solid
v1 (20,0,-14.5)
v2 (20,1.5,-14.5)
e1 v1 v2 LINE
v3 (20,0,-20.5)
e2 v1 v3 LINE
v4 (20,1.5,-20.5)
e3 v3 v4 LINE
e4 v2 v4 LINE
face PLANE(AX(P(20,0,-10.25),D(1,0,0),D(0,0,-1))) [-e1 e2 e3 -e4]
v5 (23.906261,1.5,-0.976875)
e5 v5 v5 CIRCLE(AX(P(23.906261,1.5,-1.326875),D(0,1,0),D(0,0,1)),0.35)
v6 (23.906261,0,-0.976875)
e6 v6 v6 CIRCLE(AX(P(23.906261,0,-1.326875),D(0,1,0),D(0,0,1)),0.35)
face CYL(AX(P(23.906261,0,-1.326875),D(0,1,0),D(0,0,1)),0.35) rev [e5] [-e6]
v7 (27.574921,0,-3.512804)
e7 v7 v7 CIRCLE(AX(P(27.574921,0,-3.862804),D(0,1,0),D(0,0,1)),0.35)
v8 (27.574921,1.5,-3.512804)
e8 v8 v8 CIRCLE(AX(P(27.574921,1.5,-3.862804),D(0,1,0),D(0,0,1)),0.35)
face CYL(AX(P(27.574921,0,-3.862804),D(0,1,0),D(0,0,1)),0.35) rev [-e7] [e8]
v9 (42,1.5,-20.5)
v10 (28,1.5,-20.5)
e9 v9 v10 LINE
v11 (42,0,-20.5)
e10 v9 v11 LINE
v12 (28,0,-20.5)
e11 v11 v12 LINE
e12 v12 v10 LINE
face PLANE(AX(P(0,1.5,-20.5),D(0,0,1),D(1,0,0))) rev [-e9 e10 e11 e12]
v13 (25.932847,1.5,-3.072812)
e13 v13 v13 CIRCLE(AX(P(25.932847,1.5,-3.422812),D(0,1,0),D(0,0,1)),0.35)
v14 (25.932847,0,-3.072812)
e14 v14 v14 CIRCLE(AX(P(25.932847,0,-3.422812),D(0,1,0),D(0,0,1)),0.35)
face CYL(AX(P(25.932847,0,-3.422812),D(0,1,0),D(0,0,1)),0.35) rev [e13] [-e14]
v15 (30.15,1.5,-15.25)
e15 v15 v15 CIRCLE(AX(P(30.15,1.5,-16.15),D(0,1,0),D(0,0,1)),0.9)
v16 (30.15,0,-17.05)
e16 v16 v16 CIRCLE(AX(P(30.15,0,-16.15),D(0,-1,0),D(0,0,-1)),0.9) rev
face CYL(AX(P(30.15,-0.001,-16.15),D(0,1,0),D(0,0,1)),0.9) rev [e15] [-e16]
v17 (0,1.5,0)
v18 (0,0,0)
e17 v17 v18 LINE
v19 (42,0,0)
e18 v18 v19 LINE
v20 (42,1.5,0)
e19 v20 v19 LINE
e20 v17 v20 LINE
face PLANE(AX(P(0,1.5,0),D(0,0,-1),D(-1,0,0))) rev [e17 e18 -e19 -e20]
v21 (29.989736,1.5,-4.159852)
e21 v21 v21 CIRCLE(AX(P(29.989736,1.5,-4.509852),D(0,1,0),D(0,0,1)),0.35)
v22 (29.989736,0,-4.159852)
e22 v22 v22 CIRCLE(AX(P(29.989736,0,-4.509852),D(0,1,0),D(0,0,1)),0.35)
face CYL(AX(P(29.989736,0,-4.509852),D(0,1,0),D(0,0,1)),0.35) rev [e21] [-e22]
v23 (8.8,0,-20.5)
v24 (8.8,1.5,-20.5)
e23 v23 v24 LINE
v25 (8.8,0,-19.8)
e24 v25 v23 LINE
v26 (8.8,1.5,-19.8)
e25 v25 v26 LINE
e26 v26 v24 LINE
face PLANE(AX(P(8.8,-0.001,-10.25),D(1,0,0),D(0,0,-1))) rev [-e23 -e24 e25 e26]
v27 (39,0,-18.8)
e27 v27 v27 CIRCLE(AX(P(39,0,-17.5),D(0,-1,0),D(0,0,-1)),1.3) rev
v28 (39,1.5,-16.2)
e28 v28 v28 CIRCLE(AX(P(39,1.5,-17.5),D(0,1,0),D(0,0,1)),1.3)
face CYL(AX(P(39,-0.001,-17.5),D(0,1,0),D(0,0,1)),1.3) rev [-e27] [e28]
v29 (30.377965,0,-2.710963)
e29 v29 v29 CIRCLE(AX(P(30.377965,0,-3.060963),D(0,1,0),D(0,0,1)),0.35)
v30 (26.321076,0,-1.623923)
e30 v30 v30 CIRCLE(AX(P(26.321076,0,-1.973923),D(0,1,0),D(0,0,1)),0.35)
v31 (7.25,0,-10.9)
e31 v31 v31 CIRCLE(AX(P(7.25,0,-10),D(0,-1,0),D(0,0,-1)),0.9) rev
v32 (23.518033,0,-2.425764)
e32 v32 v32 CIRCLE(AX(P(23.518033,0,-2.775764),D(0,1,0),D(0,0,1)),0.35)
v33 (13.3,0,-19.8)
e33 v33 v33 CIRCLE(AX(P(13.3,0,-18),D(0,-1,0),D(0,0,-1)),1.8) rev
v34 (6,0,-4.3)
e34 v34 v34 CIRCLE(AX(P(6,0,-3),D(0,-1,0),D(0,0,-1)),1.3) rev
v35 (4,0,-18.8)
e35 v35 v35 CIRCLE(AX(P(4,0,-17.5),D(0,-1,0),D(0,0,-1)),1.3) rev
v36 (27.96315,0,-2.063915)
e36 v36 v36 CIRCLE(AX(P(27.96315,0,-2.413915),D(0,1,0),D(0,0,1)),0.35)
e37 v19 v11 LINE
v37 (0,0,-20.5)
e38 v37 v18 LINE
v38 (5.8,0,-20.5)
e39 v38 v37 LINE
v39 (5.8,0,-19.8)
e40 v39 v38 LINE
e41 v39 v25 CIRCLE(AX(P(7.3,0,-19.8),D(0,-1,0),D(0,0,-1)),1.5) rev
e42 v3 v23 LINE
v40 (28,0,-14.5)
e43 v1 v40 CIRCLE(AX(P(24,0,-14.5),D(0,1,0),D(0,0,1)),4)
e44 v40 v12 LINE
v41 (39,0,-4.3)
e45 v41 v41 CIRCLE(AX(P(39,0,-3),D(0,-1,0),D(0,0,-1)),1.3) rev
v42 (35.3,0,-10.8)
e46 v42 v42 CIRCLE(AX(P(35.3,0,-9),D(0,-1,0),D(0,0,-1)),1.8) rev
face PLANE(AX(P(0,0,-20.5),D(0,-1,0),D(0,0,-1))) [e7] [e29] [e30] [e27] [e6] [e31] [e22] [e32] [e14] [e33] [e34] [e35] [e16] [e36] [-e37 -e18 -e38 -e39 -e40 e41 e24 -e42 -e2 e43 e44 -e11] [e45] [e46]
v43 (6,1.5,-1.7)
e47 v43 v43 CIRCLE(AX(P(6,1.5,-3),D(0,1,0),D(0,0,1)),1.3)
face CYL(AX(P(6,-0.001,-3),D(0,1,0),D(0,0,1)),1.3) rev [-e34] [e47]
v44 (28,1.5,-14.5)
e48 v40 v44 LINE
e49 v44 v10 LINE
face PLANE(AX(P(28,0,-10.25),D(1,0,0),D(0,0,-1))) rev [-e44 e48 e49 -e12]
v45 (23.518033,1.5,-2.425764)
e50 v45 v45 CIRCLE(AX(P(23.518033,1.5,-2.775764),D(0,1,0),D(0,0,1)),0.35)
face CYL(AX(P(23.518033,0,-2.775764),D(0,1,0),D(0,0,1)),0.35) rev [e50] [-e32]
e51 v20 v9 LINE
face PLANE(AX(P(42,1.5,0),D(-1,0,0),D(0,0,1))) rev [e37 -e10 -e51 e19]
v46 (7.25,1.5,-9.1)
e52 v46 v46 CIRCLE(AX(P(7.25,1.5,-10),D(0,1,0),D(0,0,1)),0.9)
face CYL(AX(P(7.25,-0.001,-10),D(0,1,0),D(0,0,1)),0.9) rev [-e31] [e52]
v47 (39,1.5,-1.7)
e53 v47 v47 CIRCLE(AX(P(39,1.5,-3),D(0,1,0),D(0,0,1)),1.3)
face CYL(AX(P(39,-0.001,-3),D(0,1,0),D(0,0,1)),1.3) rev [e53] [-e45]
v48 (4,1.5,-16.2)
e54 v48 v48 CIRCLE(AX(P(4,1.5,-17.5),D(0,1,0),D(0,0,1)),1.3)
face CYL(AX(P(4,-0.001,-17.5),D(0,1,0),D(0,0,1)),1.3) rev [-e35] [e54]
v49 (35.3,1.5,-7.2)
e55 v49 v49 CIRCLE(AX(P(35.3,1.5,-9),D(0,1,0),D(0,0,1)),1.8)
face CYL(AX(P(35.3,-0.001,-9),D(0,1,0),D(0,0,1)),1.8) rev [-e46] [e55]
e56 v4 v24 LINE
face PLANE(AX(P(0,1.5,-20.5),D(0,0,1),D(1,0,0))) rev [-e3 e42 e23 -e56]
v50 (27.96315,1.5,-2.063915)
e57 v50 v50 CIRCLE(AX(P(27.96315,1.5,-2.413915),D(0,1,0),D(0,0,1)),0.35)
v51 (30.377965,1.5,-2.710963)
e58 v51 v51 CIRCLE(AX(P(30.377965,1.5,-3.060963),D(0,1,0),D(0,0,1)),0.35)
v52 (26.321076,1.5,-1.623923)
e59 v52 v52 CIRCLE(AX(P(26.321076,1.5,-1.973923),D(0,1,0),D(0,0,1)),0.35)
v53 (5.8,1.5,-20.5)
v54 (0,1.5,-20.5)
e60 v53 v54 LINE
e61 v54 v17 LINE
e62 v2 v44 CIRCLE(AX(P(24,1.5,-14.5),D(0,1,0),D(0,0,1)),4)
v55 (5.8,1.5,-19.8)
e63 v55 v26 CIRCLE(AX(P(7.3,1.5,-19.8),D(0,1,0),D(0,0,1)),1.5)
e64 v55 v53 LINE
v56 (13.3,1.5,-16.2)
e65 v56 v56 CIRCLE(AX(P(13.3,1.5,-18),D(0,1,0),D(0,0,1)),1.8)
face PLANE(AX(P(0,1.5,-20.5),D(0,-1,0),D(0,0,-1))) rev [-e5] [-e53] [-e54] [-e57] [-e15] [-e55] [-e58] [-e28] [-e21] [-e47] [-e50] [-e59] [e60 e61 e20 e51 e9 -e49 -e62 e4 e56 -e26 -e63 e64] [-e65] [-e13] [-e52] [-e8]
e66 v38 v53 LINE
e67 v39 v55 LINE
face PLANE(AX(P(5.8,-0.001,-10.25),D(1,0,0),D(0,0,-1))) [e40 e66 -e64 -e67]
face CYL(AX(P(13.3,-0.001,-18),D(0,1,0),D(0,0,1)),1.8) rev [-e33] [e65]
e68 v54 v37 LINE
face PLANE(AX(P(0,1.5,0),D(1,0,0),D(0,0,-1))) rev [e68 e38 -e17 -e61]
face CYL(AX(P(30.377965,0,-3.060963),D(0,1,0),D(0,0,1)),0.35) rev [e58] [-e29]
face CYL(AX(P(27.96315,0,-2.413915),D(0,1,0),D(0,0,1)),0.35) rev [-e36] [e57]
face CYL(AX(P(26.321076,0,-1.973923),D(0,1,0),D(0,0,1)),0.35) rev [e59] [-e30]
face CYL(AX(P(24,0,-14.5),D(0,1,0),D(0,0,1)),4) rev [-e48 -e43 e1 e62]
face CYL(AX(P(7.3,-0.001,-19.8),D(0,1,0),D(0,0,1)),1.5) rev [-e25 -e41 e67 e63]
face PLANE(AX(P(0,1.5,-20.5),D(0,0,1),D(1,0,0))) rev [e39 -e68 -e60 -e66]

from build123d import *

# Parameters (mm, degrees)
SKETCH_1_W          = 42
SKETCH_1_H          = 20.5
EXTRUDE_1_DEPTH     = 1.5
SKETCH_2_R          = 4
CUT_EXTRUDE_1_DEPTH = 2.5
CUT_EXTRUDE_3_REACH = 3.5
SKETCH_4_R          = 0.9
SKETCH_4_R_2        = 1.3
SKETCH_4_R_3        = 1.8
SKETCH_5_R          = 0.35
CUT_EXTRUDE_4_DEPTH = 2.5


with BuildPart() as part:
    # Эскиз1 → Бобышка-Вытянуть1 (new body)
    with BuildSketch(Plane(origin=(0, 0, 0), x_dir=(1, 0, 0), z_dir=(0, 1, 0))):
        with Locations((21, 10.25)):
            Rectangle(SKETCH_1_W, SKETCH_1_H)
    extrude(amount=EXTRUDE_1_DEPTH)

    # Эскиз2 → Вырез-Вытянуть1 (cut, through all)
    with BuildSketch(Plane(origin=(0, 1.5, 0), x_dir=(1, 0, 0), z_dir=(0, 1, 0))):
        with Locations((24, 14.5)):
            Circle(SKETCH_2_R)
        with BuildLine():
            Line((20, 20.5), (20, 14.5))
            ThreePointArc((20, 14.5), (24, 18.5), (28, 14.5))
            Line((28, 14.5), (28, 20.5))
            Line((28, 20.5), (20, 20.5))
        make_face()
    extrude(amount=-CUT_EXTRUDE_1_DEPTH, mode=Mode.SUBTRACT)

    # Эскиз4 → Вырез-Вытянуть3 (cut, up to next)
    with BuildSketch(Plane(origin=(0, 1.5, 0), x_dir=(1, 0, 0), z_dir=(0, 1, 0)), mode=Mode.PRIVATE) as cut_extrude_3_sk1:
        with BuildLine():
            Line((5.8, 20.5), (5.8, 19.8))
            ThreePointArc((5.8, 19.8), (7.3, 18.3), (8.8, 19.8))
            Line((8.8, 19.8), (8.8, 20.5))
            Line((8.8, 20.5), (5.8, 20.5))
        make_face()
    cut_extrude_3_tool1 = extrude(cut_extrude_3_sk1.sketch, amount=-CUT_EXTRUDE_3_REACH, mode=Mode.PRIVATE) & part.part
    add(cut_extrude_3_tool1.solids().sort_by_distance((7.3, 1.5, -19.531111))[0], mode=Mode.SUBTRACT)
    # Эскиз4 → Вырез-Вытянуть3 (cut, up to next)
    with BuildSketch(Plane(origin=(0, 1.5, 0), x_dir=(1, 0, 0), z_dir=(0, 1, 0)), mode=Mode.PRIVATE) as cut_extrude_3_sk2:
        with Locations((7.25, 10)):
            Circle(SKETCH_4_R)
    cut_extrude_3_tool2 = extrude(cut_extrude_3_sk2.sketch, amount=-CUT_EXTRUDE_3_REACH, mode=Mode.PRIVATE) & part.part
    add(cut_extrude_3_tool2.solids().sort_by_distance((7.25, 1.5, -10))[0], mode=Mode.SUBTRACT)
    # Эскиз4 → Вырез-Вытянуть3 (cut, up to next)
    with BuildSketch(Plane(origin=(0, 1.5, 0), x_dir=(1, 0, 0), z_dir=(0, 1, 0)), mode=Mode.PRIVATE) as cut_extrude_3_sk3:
        with Locations((30.15, 16.15)):
            Circle(SKETCH_4_R)
    cut_extrude_3_tool3 = extrude(cut_extrude_3_sk3.sketch, amount=-CUT_EXTRUDE_3_REACH, mode=Mode.PRIVATE) & part.part
    add(cut_extrude_3_tool3.solids().sort_by_distance((30.15, 1.5, -16.15))[0], mode=Mode.SUBTRACT)
    # Эскиз4 → Вырез-Вытянуть3 (cut, up to next)
    with BuildSketch(Plane(origin=(0, 1.5, 0), x_dir=(1, 0, 0), z_dir=(0, 1, 0)), mode=Mode.PRIVATE) as cut_extrude_3_sk4:
        with Locations((39, 3)):
            Circle(SKETCH_4_R_2)
    cut_extrude_3_tool4 = extrude(cut_extrude_3_sk4.sketch, amount=-CUT_EXTRUDE_3_REACH, mode=Mode.PRIVATE) & part.part
    add(cut_extrude_3_tool4.solids().sort_by_distance((39, 1.5, -3))[0], mode=Mode.SUBTRACT)
    # Эскиз4 → Вырез-Вытянуть3 (cut, up to next)
    with BuildSketch(Plane(origin=(0, 1.5, 0), x_dir=(1, 0, 0), z_dir=(0, 1, 0)), mode=Mode.PRIVATE) as cut_extrude_3_sk5:
        with Locations((39, 17.5)):
            Circle(SKETCH_4_R_2)
    cut_extrude_3_tool5 = extrude(cut_extrude_3_sk5.sketch, amount=-CUT_EXTRUDE_3_REACH, mode=Mode.PRIVATE) & part.part
    add(cut_extrude_3_tool5.solids().sort_by_distance((39, 1.5, -17.5))[0], mode=Mode.SUBTRACT)
    # Эскиз4 → Вырез-Вытянуть3 (cut, up to next)
    with BuildSketch(Plane(origin=(0, 1.5, 0), x_dir=(1, 0, 0), z_dir=(0, 1, 0)), mode=Mode.PRIVATE) as cut_extrude_3_sk6:
        with Locations((6, 3)):
            Circle(SKETCH_4_R_2)
    cut_extrude_3_tool6 = extrude(cut_extrude_3_sk6.sketch, amount=-CUT_EXTRUDE_3_REACH, mode=Mode.PRIVATE) & part.part
    add(cut_extrude_3_tool6.solids().sort_by_distance((6, 1.5, -3))[0], mode=Mode.SUBTRACT)
    # Эскиз4 → Вырез-Вытянуть3 (cut, up to next)
    with BuildSketch(Plane(origin=(0, 1.5, 0), x_dir=(1, 0, 0), z_dir=(0, 1, 0)), mode=Mode.PRIVATE) as cut_extrude_3_sk7:
        with Locations((4, 17.5)):
            Circle(SKETCH_4_R_2)
    cut_extrude_3_tool7 = extrude(cut_extrude_3_sk7.sketch, amount=-CUT_EXTRUDE_3_REACH, mode=Mode.PRIVATE) & part.part
    add(cut_extrude_3_tool7.solids().sort_by_distance((4, 1.5, -17.5))[0], mode=Mode.SUBTRACT)
    # Эскиз4 → Вырез-Вытянуть3 (cut, up to next)
    with BuildSketch(Plane(origin=(0, 1.5, 0), x_dir=(1, 0, 0), z_dir=(0, 1, 0)), mode=Mode.PRIVATE) as cut_extrude_3_sk8:
        with Locations((13.3, 18)):
            Circle(SKETCH_4_R_3)
    cut_extrude_3_tool8 = extrude(cut_extrude_3_sk8.sketch, amount=-CUT_EXTRUDE_3_REACH, mode=Mode.PRIVATE) & part.part
    add(cut_extrude_3_tool8.solids().sort_by_distance((13.3, 1.5, -18))[0], mode=Mode.SUBTRACT)
    # Эскиз4 → Вырез-Вытянуть3 (cut, up to next)
    with BuildSketch(Plane(origin=(0, 1.5, 0), x_dir=(1, 0, 0), z_dir=(0, 1, 0)), mode=Mode.PRIVATE) as cut_extrude_3_sk9:
        with Locations((35.3, 9)):
            Circle(SKETCH_4_R_3)
    cut_extrude_3_tool9 = extrude(cut_extrude_3_sk9.sketch, amount=-CUT_EXTRUDE_3_REACH, mode=Mode.PRIVATE) & part.part
    add(cut_extrude_3_tool9.solids().sort_by_distance((35.3, 1.5, -9))[0], mode=Mode.SUBTRACT)

    # Эскиз5 → Вырез-Вытянуть4 (cut, through all)
    with BuildSketch(Plane(origin=(0, 1.5, 0), x_dir=(1, 0, 0), z_dir=(0, 1, 0))):
        with Locations((29.989735949, 4.50985169)):
            Circle(SKETCH_5_R)
        with Locations((27.574921384, 3.862804077)):
            Circle(SKETCH_5_R)
        with Locations((25.932847479, 3.4228117)):
            Circle(SKETCH_5_R)
        with Locations((23.518032913, 2.775764088)):
            Circle(SKETCH_5_R)
        with Locations((30.377964517, 3.06096295)):
            Circle(SKETCH_5_R)
        with Locations((27.963149951, 2.413915338)):
            Circle(SKETCH_5_R)
        with Locations((26.321076047, 1.973922961)):
            Circle(SKETCH_5_R)
        with Locations((23.906261481, 1.326875348)):
            Circle(SKETCH_5_R)
    extrude(amount=-CUT_EXTRUDE_4_DEPTH, mode=Mode.SUBTRACT)


solid = part.part
